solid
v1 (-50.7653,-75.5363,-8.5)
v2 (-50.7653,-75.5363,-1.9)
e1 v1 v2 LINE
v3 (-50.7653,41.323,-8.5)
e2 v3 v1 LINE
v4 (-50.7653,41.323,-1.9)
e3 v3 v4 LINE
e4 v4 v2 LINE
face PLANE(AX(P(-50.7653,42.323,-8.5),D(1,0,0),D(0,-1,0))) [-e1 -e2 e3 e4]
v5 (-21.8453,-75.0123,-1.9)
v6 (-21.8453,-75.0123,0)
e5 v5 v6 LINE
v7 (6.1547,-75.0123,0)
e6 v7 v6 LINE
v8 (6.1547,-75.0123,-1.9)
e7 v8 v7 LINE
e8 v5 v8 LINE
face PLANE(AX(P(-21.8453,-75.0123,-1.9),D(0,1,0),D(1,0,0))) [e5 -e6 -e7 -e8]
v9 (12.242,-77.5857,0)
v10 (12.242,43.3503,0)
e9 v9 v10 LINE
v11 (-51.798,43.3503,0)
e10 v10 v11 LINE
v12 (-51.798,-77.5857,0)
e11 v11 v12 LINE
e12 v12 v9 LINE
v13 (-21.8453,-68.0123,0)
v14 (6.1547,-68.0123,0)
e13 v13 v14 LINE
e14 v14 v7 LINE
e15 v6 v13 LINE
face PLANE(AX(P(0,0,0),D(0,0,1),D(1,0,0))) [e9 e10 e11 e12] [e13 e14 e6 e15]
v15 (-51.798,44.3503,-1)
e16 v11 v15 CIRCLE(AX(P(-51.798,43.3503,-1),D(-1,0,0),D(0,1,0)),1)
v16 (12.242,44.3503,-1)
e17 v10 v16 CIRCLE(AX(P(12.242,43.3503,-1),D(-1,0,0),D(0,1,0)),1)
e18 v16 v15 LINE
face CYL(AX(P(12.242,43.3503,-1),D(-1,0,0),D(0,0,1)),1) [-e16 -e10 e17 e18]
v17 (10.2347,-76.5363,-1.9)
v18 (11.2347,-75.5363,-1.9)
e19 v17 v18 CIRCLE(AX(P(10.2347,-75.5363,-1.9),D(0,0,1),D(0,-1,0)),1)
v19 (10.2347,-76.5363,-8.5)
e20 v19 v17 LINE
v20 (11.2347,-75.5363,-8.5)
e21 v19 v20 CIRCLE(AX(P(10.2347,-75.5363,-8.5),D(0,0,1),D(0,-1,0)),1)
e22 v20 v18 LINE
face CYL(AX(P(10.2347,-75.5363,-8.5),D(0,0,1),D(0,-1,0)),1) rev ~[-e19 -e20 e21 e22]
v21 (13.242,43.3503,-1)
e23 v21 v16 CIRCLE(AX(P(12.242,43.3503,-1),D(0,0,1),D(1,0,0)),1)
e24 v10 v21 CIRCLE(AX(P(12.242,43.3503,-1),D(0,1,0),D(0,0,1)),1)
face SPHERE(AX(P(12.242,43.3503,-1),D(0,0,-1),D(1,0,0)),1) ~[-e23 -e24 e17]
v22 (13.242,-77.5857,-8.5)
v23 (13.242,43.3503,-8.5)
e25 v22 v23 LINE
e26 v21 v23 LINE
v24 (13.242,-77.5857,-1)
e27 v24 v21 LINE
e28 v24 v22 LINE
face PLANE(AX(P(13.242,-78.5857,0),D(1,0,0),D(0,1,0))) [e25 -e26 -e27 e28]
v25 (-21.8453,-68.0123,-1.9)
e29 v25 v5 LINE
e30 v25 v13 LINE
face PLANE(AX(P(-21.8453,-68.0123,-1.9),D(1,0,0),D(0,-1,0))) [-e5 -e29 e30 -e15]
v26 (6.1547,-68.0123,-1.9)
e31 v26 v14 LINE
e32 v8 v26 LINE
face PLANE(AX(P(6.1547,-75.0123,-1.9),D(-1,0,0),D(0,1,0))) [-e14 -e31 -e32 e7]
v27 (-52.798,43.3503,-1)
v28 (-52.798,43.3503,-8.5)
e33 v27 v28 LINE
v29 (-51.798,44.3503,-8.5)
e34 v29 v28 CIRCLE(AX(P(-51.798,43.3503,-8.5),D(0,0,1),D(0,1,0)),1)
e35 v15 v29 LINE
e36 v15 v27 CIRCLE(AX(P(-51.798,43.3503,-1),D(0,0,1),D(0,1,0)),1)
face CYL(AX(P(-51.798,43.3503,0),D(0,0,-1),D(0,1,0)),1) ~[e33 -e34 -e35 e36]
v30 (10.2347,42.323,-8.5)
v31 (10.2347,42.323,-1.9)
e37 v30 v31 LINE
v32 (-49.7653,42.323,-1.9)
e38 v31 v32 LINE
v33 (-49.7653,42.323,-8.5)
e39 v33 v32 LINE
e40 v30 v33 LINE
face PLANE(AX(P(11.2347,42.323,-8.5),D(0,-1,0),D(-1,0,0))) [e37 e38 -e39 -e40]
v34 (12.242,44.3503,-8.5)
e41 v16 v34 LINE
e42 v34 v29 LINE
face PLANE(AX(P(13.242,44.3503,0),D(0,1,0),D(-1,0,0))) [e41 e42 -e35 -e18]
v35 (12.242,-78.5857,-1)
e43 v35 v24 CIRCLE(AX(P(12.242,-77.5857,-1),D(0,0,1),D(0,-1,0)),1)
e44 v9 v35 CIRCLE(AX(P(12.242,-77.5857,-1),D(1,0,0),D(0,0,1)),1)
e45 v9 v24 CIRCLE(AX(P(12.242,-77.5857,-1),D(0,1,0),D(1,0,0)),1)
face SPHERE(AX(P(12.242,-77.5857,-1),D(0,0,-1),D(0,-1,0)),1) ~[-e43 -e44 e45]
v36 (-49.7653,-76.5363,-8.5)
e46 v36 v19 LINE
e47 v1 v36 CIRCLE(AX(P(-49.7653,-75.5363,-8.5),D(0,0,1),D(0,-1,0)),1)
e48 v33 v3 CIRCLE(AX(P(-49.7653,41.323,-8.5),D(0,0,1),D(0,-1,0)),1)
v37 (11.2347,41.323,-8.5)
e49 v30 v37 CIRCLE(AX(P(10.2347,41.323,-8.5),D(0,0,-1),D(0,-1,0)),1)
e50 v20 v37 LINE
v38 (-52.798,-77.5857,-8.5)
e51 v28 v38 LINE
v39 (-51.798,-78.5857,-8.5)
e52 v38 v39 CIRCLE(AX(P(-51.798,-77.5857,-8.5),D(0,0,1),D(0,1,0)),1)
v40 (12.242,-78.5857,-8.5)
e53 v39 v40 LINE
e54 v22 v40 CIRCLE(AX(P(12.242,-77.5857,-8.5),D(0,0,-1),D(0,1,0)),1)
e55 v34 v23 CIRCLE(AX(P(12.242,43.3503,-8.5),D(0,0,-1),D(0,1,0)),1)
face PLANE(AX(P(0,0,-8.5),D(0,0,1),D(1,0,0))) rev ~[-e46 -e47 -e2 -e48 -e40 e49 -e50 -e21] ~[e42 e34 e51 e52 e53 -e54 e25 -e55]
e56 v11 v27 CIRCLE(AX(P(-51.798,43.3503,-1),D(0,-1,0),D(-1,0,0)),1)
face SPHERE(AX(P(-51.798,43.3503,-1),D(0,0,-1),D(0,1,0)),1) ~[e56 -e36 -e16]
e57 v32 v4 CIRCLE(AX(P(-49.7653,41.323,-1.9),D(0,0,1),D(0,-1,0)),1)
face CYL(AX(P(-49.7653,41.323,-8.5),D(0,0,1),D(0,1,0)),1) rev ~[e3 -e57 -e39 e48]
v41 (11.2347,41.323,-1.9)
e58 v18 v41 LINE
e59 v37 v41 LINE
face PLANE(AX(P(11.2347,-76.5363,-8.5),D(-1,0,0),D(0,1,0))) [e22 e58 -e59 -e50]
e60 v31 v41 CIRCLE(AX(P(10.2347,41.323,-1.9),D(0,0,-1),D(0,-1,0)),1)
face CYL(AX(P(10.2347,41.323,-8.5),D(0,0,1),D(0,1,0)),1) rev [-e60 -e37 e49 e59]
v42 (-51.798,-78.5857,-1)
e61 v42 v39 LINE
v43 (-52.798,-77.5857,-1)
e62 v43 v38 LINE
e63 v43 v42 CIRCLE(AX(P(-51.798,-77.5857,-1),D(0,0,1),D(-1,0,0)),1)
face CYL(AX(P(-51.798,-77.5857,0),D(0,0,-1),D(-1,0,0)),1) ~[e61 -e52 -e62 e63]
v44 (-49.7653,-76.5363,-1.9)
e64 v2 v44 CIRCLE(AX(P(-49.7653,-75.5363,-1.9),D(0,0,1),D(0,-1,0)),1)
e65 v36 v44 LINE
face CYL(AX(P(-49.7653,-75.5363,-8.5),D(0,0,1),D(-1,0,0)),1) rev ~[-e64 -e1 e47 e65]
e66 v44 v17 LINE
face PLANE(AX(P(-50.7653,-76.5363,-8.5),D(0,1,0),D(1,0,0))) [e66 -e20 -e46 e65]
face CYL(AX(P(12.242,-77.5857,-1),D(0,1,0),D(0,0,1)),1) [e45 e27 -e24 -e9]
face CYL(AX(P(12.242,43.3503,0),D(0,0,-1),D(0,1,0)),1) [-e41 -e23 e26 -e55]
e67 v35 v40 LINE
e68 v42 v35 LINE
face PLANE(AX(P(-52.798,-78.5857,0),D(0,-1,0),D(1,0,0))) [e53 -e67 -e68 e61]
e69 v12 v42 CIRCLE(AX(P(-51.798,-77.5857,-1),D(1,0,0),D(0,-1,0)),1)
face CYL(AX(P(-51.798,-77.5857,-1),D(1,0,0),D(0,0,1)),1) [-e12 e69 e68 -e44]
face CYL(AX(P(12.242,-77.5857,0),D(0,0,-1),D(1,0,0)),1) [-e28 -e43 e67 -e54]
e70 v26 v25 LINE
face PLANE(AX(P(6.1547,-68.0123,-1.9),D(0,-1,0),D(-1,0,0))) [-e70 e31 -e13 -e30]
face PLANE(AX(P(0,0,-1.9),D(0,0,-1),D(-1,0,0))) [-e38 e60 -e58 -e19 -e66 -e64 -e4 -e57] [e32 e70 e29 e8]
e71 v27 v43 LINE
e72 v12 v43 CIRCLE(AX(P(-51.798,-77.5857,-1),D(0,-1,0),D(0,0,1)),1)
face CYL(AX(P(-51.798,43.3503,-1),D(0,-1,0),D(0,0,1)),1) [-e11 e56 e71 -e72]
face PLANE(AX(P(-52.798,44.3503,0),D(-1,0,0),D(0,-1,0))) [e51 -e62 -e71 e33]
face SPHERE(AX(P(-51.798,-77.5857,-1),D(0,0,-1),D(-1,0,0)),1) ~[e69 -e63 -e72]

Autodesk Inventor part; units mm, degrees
ref_plane "YZ Plane" through (0, 0, 0) normal (1, 0, 0) x (0, 1, 0)
ref_plane "XZ Plane" through (0, 0, 0) normal (0, 1, 0) x (-1, 0, 0)
ref_plane "XY Plane" through (0, 0, 0) normal (0, 0, 1) x (1, 0, 0)
sketch "Sketch1" plane through (0, 0, 0) normal (0, 0, 1) x (1, 0, 0)
  line L0 (-52.798, 44.3503) -> (-52.798, -78.5857)
  line L1 (-52.798, -78.5857) -> (13.242, -78.5857)
  line L2 (13.242, -78.5857) -> (13.242, 44.3503)
  line L3 (13.242, 44.3503) -> (-52.798, 44.3503)
  point P0 (0, 0)
  dimension "d0" = 122.936
  dimension "d1" = 66.04
extrude "Extrusion1" add sketch "Sketch1" against normal blind 8.5
sketch "Sketch2" plane through (0, 0, -8.5) normal (0, 0, -1) x (-1, 0, 0)
  line L0 (-11.2347, 42.323) -> (50.7653, 42.323)
  line L1 (50.7653, 42.323) -> (50.7653, -76.5363)
  line L2 (50.7653, -76.5363) -> (-11.2347, -76.5363)
  line L3 (-11.2347, -76.5363) -> (-11.2347, 42.323)
  line L4 (52.798, 44.3503) -> (-13.242, 44.3503) projected
  line L5 (52.798, -78.5857) -> (52.798, 44.3503) projected
  line L6 (-13.242, 44.3503) -> (-13.242, -78.5857) projected
  line L7 (-13.242, -78.5857) -> (52.798, -78.5857) projected
  point P0 (0, 0)
  dimension "d16" = 62
extrude "Extrusion2" cut sketch "Sketch2" against normal blind 6.6 contours L0 L1 L2 L3
sketch "Sketch3" plane through (0, 0, -1.9) normal (0, 0, -1) x (-1, 0, 0)
  line L0 (-6.1547, -68.0123) -> (21.8453, -68.0123)
  line L1 (21.8453, -68.0123) -> (21.8453, -75.0123)
  line L2 (21.8453, -75.0123) -> (-6.1547, -75.0123)
  line L3 (-6.1547, -75.0123) -> (-6.1547, -68.0123)
  line L4 (-11.2347, -76.5363) -> (-11.2347, 42.323) projected
  line L5 (50.7653, -76.5363) -> (-11.2347, -76.5363) projected
  point P0 (0, 0)
  dimension "d10" = 5.08
  dimension "d11" = 28
  dimension "d12" = 1.524
  dimension "d13" = 7
extrude "Extrusion3" cut sketch "Sketch3" against normal blind 2.76
fillet "Fillet1" radius 1 8 edges at (11.2347, 42.323, -5.2) (13.242, 44.3503, -4.25) (-52.798, -78.5857, -4.25) (-50.7653, -76.5363, -5.2) (-50.7653, 42.323, -5.2) (-52.798, 44.3503, -4.25) (13.242, -78.5857, -4.25) (11.2347, -76.5363, -5.2)
fillet "Fillet2" radius 1 8 edges at (-52.5051, 44.0574, 0) (-52.798, -17.1177, 0) (-52.5051, -78.2928, 0) (-19.778, -78.5857, 0) (12.9491, -78.2928, 0) (13.242, -17.1177, 0) (12.9491, 44.0574, 0) (-19.778, 44.3503, 0)
properties part number "Smart Lock Box Top Correct"
